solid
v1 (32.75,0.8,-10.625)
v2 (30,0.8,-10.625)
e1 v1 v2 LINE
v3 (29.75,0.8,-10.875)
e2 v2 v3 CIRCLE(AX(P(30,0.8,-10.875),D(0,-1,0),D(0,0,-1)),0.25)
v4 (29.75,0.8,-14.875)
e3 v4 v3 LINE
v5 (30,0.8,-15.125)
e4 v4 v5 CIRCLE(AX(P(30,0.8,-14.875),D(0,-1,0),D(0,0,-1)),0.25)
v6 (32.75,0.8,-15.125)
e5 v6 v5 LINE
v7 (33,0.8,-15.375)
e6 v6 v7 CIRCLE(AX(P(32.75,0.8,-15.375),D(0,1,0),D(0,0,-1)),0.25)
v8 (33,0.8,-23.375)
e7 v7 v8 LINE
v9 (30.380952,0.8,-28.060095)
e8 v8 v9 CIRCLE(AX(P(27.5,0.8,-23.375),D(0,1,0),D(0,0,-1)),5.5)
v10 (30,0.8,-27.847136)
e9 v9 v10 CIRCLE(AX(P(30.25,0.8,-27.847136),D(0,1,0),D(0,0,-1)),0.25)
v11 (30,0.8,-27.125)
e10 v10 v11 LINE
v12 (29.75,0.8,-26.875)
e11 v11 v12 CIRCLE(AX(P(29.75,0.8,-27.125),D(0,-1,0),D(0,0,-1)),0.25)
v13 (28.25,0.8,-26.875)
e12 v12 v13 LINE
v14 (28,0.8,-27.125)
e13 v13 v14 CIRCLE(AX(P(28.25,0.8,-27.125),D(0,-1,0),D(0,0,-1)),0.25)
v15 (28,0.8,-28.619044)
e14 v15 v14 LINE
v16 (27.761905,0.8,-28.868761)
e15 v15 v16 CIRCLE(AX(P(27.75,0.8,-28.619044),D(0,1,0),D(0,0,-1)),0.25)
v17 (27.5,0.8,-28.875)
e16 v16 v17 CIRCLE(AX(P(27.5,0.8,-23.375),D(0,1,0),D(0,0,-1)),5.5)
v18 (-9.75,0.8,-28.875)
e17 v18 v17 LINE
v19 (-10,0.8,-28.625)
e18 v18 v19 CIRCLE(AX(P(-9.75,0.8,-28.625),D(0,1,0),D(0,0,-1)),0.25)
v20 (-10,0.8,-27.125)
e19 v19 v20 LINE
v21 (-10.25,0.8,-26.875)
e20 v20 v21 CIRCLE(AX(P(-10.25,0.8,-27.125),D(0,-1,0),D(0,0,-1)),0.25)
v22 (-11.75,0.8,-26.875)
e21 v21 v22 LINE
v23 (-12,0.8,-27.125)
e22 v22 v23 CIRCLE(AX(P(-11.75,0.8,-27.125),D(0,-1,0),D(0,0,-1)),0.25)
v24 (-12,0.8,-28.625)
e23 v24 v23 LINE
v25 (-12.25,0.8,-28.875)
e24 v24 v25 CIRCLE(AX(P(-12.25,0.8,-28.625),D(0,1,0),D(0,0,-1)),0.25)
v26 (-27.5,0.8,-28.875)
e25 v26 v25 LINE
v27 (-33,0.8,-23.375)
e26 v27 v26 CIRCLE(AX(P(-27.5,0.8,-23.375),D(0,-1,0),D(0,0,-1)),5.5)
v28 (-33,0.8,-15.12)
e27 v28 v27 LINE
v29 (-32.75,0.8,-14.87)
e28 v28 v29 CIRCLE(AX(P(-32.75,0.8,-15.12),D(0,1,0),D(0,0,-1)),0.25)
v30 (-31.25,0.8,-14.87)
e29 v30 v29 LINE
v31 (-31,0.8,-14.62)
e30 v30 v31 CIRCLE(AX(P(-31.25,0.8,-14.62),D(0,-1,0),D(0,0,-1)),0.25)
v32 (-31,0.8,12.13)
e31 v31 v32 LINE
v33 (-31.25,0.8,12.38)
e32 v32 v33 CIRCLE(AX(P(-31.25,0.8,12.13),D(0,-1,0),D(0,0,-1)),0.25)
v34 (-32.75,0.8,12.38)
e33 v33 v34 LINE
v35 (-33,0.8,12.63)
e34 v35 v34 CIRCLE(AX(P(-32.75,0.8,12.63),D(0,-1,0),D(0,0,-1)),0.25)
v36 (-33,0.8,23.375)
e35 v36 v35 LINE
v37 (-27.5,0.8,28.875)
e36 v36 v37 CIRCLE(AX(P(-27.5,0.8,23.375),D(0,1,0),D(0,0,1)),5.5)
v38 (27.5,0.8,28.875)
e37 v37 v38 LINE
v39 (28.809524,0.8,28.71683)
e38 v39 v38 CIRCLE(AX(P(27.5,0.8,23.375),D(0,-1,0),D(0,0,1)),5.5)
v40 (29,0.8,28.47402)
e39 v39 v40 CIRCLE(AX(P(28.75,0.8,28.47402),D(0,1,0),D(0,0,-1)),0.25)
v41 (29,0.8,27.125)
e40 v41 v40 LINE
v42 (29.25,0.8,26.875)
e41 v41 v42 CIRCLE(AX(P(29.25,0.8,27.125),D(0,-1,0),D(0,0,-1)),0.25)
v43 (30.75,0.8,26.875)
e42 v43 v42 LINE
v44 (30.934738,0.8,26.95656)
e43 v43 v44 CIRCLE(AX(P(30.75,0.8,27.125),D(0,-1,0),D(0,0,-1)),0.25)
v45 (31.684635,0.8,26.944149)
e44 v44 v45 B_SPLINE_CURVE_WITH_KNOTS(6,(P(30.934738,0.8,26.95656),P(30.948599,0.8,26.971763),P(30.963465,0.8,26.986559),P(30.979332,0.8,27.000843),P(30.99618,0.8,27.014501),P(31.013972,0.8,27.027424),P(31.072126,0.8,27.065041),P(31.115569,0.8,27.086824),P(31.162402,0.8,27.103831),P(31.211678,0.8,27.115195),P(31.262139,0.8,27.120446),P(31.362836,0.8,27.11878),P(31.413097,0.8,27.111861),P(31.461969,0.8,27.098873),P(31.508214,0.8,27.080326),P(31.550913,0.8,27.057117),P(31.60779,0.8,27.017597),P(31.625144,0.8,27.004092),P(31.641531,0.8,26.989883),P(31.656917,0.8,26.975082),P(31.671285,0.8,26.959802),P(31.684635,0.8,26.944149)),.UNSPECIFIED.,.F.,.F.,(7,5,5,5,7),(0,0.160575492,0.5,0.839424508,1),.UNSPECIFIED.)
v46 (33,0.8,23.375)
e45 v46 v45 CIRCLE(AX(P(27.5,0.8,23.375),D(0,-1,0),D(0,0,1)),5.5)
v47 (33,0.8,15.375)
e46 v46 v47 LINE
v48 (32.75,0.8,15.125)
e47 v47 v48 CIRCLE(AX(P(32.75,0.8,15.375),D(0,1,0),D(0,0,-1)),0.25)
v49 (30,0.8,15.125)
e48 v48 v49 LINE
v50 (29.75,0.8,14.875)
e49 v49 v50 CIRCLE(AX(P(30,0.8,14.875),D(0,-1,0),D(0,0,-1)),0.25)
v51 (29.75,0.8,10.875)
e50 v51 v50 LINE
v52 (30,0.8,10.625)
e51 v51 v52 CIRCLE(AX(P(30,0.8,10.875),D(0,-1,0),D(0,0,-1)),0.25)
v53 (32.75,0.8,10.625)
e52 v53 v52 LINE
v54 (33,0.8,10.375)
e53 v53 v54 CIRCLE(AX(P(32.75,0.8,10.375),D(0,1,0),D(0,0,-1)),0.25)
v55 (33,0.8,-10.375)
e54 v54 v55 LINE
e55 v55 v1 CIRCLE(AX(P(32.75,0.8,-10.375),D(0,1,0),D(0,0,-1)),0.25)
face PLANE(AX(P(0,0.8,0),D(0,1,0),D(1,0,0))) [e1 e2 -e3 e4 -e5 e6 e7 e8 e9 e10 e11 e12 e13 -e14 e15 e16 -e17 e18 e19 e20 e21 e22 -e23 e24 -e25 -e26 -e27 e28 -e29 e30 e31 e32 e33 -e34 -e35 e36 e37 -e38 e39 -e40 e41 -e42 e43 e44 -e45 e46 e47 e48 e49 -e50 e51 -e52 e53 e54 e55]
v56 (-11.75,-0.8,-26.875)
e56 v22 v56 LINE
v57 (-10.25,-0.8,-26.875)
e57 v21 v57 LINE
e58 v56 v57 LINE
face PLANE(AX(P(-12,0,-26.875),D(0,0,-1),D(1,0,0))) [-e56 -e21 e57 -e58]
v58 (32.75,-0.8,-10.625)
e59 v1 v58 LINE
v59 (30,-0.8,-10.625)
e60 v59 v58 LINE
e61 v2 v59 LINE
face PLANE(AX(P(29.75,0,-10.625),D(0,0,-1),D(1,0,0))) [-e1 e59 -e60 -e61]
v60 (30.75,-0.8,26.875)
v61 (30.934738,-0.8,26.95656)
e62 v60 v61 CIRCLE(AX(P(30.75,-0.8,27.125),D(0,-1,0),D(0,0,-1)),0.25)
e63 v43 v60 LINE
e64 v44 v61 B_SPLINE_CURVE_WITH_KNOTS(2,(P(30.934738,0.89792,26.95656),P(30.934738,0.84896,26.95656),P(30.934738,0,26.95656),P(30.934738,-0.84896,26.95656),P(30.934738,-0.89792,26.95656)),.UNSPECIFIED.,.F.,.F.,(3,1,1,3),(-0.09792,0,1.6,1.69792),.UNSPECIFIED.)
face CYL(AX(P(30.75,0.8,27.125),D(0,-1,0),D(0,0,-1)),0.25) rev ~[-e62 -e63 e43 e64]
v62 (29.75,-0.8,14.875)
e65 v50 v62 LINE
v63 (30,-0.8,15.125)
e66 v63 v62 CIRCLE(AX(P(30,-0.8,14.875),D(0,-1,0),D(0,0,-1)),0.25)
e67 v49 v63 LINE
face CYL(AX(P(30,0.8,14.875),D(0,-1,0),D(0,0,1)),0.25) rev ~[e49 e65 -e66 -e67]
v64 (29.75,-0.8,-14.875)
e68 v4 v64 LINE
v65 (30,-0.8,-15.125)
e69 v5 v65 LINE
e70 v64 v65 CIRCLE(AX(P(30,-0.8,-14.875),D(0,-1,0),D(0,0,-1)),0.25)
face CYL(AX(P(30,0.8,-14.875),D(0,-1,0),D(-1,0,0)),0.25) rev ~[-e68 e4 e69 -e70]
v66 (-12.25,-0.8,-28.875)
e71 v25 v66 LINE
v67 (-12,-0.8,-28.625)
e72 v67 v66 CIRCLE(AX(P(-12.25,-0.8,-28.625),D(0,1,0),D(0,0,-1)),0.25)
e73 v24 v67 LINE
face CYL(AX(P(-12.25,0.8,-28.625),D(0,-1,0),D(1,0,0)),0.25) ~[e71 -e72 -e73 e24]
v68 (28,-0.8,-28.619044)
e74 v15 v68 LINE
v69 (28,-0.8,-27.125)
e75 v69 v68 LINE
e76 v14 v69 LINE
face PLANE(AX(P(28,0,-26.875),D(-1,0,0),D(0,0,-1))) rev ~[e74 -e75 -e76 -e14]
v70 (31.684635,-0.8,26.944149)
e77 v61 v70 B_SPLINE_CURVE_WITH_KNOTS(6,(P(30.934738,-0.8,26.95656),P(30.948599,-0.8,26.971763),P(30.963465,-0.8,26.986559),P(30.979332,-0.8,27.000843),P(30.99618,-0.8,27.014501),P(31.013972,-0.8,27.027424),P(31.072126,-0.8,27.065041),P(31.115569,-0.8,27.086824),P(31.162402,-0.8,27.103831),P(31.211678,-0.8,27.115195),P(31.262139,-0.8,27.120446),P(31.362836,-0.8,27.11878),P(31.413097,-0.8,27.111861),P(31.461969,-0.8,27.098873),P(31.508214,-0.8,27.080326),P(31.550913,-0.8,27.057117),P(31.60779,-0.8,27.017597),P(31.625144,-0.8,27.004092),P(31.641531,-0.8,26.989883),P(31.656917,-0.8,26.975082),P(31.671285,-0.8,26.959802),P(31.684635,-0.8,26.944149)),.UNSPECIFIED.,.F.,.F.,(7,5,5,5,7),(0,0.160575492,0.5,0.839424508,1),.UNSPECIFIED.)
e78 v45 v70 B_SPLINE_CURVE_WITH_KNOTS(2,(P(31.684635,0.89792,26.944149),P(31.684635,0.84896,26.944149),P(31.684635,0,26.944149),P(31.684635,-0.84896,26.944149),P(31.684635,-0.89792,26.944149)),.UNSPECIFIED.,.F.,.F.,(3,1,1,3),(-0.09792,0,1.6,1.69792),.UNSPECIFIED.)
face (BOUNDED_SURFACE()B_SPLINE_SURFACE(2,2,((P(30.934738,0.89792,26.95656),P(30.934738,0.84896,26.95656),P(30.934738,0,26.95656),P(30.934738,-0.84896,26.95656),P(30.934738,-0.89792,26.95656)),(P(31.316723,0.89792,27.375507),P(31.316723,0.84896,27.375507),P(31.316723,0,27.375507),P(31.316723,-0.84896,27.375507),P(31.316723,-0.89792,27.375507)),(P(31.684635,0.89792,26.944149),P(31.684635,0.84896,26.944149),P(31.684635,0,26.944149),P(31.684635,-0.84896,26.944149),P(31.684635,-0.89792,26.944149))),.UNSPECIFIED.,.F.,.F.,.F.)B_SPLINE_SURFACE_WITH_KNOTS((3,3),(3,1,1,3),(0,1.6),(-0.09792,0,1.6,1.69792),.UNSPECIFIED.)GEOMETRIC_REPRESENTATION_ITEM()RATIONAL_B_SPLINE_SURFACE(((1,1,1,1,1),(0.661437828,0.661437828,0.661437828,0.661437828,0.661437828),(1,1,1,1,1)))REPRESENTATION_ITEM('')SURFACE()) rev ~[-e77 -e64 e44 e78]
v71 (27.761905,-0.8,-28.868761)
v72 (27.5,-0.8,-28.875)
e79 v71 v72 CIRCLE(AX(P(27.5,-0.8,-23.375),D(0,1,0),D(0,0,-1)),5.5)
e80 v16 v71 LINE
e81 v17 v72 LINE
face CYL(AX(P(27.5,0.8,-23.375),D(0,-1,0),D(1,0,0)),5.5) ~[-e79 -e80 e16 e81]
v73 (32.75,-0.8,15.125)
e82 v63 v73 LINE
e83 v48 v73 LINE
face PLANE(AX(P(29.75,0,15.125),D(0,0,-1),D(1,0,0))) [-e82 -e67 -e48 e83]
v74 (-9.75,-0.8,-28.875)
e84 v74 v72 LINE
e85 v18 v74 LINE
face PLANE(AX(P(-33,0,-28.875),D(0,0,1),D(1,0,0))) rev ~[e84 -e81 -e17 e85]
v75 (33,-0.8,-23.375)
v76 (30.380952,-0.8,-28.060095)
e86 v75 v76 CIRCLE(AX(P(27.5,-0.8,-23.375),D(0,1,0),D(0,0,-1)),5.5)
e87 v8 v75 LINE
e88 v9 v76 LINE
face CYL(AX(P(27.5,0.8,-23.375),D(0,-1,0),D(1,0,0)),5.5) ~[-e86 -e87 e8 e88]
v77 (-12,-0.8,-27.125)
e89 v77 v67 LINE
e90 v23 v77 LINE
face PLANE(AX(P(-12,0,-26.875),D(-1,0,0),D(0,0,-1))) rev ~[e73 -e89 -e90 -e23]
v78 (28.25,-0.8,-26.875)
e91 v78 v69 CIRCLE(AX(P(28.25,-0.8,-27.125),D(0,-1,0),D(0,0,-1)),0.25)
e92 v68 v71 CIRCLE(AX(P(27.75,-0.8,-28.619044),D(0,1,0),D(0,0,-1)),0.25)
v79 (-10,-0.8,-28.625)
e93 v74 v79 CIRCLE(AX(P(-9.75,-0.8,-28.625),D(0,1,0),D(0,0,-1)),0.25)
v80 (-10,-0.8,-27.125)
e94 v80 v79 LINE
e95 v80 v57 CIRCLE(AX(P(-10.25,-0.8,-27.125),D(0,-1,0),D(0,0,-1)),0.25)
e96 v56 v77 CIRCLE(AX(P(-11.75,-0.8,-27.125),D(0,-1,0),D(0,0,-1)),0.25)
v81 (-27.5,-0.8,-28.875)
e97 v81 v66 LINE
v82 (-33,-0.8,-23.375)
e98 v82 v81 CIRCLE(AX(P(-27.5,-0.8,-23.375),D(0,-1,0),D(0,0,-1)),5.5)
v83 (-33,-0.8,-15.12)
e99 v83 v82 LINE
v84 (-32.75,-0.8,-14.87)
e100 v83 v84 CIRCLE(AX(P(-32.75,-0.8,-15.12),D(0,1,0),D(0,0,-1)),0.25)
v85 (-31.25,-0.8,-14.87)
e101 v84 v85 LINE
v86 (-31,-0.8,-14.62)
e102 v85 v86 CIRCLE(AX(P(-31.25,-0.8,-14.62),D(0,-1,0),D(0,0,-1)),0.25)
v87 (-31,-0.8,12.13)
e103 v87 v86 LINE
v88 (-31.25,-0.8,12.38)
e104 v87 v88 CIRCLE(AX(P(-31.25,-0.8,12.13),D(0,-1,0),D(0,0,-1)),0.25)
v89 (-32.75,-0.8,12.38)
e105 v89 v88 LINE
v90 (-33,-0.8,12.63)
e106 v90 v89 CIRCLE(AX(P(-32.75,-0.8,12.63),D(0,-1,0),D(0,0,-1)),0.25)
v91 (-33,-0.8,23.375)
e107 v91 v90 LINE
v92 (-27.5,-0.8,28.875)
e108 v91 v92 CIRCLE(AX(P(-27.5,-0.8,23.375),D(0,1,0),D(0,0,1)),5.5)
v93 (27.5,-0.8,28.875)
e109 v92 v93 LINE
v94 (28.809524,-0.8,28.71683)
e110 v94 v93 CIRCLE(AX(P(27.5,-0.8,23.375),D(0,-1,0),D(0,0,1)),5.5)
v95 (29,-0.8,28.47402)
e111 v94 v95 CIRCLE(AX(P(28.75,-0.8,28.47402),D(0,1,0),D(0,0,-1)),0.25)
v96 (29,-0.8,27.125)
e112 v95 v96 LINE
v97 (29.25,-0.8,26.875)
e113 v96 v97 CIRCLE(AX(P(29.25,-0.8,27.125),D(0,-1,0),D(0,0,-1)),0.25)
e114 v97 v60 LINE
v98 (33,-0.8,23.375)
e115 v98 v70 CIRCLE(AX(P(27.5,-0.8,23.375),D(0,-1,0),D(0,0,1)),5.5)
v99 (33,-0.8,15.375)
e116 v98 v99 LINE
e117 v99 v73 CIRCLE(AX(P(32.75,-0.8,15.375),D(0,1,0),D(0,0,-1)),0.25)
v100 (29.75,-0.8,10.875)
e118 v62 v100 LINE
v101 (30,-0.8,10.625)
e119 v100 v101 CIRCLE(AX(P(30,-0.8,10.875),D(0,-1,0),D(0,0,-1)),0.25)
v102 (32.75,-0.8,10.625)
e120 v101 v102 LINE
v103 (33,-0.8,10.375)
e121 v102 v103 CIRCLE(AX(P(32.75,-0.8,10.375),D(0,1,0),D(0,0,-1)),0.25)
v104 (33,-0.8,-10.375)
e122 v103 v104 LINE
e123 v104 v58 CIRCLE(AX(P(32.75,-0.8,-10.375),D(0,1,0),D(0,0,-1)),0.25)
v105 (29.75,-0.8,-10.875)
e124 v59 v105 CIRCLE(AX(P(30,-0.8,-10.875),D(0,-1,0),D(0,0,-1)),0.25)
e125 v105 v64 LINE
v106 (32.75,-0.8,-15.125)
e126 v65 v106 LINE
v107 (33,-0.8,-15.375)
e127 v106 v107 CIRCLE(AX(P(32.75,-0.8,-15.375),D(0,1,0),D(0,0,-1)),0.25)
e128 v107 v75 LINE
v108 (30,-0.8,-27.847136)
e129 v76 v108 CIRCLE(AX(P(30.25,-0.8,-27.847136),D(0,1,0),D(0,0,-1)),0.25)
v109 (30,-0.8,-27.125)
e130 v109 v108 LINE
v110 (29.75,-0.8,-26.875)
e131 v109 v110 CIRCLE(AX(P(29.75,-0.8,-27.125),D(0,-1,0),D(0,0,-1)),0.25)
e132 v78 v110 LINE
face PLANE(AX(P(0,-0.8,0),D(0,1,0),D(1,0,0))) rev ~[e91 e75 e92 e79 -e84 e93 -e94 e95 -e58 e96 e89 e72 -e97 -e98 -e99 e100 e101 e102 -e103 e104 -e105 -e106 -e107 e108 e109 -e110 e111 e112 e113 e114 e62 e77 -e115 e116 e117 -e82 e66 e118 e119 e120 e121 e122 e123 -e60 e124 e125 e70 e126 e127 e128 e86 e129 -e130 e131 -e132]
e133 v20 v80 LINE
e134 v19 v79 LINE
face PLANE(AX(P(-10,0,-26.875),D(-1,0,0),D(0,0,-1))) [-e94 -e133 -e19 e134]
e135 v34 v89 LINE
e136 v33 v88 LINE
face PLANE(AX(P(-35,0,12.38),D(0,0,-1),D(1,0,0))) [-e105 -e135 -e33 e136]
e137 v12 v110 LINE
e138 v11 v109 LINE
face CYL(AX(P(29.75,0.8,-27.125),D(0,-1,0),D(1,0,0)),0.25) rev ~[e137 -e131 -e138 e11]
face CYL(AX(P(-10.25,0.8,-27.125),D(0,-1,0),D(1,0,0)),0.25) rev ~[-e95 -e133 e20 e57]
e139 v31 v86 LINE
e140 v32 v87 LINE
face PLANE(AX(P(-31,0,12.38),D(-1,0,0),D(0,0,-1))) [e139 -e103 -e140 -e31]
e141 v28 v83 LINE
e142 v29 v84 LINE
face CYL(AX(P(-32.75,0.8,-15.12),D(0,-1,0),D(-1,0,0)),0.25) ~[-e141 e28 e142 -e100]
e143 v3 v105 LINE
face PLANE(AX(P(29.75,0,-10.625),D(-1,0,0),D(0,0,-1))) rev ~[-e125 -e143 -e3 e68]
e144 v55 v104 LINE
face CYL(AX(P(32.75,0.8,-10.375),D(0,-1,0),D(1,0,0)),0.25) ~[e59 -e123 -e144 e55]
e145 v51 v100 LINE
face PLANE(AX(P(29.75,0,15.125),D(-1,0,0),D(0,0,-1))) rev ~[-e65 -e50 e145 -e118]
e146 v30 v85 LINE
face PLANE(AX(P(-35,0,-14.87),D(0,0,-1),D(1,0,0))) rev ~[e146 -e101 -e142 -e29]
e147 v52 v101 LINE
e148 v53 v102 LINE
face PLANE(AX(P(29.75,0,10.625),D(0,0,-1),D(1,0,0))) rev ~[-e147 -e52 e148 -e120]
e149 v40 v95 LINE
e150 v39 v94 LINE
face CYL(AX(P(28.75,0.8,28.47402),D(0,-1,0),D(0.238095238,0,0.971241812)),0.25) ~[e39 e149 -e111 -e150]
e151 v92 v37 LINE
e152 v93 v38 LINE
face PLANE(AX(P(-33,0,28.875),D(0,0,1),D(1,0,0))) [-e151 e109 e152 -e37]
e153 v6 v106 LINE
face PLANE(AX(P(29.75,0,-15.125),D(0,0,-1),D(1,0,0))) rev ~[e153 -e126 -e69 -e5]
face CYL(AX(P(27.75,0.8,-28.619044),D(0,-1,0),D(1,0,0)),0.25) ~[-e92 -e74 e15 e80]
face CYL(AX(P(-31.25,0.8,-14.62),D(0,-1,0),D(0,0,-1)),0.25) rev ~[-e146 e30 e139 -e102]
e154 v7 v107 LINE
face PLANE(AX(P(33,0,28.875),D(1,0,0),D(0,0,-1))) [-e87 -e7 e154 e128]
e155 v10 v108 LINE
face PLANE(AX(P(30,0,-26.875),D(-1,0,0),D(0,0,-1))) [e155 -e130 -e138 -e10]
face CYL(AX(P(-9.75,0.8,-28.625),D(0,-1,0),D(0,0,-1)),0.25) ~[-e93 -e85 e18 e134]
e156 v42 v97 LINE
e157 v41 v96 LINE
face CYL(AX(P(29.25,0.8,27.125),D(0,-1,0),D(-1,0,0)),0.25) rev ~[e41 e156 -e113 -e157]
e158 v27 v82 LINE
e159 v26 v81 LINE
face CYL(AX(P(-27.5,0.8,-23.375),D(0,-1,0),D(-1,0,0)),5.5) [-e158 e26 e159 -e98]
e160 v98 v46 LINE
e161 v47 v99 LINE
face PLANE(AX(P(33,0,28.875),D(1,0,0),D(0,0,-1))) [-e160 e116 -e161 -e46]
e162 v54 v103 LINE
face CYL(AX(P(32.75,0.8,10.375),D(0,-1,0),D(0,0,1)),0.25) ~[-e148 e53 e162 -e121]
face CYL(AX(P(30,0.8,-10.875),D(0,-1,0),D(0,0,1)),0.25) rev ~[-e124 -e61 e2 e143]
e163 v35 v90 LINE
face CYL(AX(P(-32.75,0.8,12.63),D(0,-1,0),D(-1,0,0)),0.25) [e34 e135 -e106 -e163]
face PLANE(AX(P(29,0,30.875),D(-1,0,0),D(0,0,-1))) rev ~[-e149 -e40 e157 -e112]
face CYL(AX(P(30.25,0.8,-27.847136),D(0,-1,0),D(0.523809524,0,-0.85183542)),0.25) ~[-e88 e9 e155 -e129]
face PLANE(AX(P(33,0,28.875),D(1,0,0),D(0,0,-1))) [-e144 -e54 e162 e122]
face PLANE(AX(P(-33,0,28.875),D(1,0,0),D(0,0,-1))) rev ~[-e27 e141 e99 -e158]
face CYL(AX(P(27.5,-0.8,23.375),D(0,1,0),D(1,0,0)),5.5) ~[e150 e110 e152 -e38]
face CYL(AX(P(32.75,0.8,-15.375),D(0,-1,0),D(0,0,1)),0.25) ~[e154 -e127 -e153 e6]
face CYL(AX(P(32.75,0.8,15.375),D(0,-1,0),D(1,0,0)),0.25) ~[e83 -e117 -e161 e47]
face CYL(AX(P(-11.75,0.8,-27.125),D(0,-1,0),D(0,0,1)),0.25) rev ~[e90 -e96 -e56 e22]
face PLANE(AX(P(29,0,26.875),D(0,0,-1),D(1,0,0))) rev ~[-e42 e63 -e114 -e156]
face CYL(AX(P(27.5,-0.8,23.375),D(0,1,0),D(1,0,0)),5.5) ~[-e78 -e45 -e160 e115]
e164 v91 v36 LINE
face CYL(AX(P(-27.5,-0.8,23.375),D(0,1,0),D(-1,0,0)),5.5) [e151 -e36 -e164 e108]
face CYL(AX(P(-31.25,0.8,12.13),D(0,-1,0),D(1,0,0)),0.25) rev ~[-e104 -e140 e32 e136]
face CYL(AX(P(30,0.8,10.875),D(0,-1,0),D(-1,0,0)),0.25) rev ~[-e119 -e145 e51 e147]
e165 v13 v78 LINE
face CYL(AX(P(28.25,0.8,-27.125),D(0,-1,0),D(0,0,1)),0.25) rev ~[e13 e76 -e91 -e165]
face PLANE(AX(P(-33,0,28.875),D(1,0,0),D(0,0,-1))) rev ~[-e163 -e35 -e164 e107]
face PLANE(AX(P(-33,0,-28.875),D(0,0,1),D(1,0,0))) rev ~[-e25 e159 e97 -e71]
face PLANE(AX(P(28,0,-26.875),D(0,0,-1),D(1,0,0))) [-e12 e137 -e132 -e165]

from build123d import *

# Parameters (mm, degrees)
ESQUISSE1_W                  = 66
ESQUISSE1_H                  = 57.75
BOSS_EXTRU_1_DEPTH           = 0.8
CONG_1_R                     = 5.5
ESQUISSE3_W                  = 4
ESQUISSE3_H                  = 27.25
ESQUISSE3_W_2                = 6.5
ESQUISSE3_H_2                = 4.5
ESQUISSE3_W_3                = 2
ESQUISSE3_H_3                = 4
ENL_V_MAT_EXTRU_1_DEPTH      = 1.8
ENL_V_MAT_EXTRU_1_DEPTH_BACK = 1.8
CONG_2_R                     = 0.25
CONG_3_R                     = 0.5


with BuildPart() as part:
    # Esquisse1 → Boss.-Extru.1 (new body, symmetric)
    with BuildSketch(Plane(origin=(0, 0, 0), x_dir=(1, 0, 0), z_dir=(0, 1, 0))):
        Rectangle(ESQUISSE1_W, ESQUISSE1_H)
    extrude(amount=BOSS_EXTRU_1_DEPTH, both=True)

    # Congé1
    cong_1_edges = [part.edges().sort_by_distance(p)[0] for p in [
        (33, 0, 28.875),
        (-33, 0, 28.875),
        (-33, 0, -28.875),
        (33, 0, -28.875),
    ]]
    fillet(cong_1_edges, radius=CONG_1_R)

    # Esquisse3 → Enlèv. mat.-Extru.1 (cut, two sides)
    with BuildSketch(Plane(origin=(0, 0, 0), x_dir=(1, 0, 0), z_dir=(0, 1, 0))) as enl_v_mat_extru_1_sk:
        with Locations((-33, 1.245)):
            Rectangle(ESQUISSE3_W, ESQUISSE3_H)
        with Locations((33, -12.875)):
            Rectangle(ESQUISSE3_W_2, ESQUISSE3_H_2)
        with Locations((-11, 28.875)):
            Rectangle(ESQUISSE3_W_3, ESQUISSE3_H_3)
        with Locations((29, 28.875)):
            Rectangle(ESQUISSE3_W_3, ESQUISSE3_H_3)
        with Locations((30, -28.875)):
            Rectangle(ESQUISSE3_W_3, ESQUISSE3_H_3)
        with Locations((33, 12.875)):
            Rectangle(ESQUISSE3_W_2, ESQUISSE3_H_2)
    extrude(amount=ENL_V_MAT_EXTRU_1_DEPTH, mode=Mode.SUBTRACT)
    extrude(enl_v_mat_extru_1_sk.sketch, amount=-ENL_V_MAT_EXTRU_1_DEPTH_BACK, mode=Mode.SUBTRACT)

    # Congé2
    cong_2_edges = [part.edges().sort_by_distance(p)[0] for p in [
        (30, 0, -26.875),
        (28, 0, -26.875),
        (33, 0, 10.625),
        (29.75, 0, 10.625),
        (33, 0, 15.125),
        (29.75, 0, 15.125),
        (29, 0, 28.666502622),
        (28, 0, -28.852225575),
        (30, 0, -28.273979486),
        (-33, 0, 12.38),
        (-31, 0, 12.38),
        (-33, 0, -14.87),
        (-31, 0, -14.87),
        (33, 0, -10.625),
        (33, 0, -15.125),
        (29.75, 0, -15.125),
        (29.75, 0, -10.625),
        (-10, 0, -28.875),
        (-12, 0, -28.875),
        (-12, 0, -26.875),
        (-10, 0, -26.875),
        (31, 0, 26.875),
        (29, 0, 26.875),
    ]]
    fillet(cong_2_edges, radius=CONG_2_R)

    # Congé3
    cong_3_edges = [part.edges().sort_by_distance(p)[0] for p in [
        (31, 0, 27.617640687),
    ]]
    fillet(cong_3_edges, radius=CONG_3_R)


solid = part.part
